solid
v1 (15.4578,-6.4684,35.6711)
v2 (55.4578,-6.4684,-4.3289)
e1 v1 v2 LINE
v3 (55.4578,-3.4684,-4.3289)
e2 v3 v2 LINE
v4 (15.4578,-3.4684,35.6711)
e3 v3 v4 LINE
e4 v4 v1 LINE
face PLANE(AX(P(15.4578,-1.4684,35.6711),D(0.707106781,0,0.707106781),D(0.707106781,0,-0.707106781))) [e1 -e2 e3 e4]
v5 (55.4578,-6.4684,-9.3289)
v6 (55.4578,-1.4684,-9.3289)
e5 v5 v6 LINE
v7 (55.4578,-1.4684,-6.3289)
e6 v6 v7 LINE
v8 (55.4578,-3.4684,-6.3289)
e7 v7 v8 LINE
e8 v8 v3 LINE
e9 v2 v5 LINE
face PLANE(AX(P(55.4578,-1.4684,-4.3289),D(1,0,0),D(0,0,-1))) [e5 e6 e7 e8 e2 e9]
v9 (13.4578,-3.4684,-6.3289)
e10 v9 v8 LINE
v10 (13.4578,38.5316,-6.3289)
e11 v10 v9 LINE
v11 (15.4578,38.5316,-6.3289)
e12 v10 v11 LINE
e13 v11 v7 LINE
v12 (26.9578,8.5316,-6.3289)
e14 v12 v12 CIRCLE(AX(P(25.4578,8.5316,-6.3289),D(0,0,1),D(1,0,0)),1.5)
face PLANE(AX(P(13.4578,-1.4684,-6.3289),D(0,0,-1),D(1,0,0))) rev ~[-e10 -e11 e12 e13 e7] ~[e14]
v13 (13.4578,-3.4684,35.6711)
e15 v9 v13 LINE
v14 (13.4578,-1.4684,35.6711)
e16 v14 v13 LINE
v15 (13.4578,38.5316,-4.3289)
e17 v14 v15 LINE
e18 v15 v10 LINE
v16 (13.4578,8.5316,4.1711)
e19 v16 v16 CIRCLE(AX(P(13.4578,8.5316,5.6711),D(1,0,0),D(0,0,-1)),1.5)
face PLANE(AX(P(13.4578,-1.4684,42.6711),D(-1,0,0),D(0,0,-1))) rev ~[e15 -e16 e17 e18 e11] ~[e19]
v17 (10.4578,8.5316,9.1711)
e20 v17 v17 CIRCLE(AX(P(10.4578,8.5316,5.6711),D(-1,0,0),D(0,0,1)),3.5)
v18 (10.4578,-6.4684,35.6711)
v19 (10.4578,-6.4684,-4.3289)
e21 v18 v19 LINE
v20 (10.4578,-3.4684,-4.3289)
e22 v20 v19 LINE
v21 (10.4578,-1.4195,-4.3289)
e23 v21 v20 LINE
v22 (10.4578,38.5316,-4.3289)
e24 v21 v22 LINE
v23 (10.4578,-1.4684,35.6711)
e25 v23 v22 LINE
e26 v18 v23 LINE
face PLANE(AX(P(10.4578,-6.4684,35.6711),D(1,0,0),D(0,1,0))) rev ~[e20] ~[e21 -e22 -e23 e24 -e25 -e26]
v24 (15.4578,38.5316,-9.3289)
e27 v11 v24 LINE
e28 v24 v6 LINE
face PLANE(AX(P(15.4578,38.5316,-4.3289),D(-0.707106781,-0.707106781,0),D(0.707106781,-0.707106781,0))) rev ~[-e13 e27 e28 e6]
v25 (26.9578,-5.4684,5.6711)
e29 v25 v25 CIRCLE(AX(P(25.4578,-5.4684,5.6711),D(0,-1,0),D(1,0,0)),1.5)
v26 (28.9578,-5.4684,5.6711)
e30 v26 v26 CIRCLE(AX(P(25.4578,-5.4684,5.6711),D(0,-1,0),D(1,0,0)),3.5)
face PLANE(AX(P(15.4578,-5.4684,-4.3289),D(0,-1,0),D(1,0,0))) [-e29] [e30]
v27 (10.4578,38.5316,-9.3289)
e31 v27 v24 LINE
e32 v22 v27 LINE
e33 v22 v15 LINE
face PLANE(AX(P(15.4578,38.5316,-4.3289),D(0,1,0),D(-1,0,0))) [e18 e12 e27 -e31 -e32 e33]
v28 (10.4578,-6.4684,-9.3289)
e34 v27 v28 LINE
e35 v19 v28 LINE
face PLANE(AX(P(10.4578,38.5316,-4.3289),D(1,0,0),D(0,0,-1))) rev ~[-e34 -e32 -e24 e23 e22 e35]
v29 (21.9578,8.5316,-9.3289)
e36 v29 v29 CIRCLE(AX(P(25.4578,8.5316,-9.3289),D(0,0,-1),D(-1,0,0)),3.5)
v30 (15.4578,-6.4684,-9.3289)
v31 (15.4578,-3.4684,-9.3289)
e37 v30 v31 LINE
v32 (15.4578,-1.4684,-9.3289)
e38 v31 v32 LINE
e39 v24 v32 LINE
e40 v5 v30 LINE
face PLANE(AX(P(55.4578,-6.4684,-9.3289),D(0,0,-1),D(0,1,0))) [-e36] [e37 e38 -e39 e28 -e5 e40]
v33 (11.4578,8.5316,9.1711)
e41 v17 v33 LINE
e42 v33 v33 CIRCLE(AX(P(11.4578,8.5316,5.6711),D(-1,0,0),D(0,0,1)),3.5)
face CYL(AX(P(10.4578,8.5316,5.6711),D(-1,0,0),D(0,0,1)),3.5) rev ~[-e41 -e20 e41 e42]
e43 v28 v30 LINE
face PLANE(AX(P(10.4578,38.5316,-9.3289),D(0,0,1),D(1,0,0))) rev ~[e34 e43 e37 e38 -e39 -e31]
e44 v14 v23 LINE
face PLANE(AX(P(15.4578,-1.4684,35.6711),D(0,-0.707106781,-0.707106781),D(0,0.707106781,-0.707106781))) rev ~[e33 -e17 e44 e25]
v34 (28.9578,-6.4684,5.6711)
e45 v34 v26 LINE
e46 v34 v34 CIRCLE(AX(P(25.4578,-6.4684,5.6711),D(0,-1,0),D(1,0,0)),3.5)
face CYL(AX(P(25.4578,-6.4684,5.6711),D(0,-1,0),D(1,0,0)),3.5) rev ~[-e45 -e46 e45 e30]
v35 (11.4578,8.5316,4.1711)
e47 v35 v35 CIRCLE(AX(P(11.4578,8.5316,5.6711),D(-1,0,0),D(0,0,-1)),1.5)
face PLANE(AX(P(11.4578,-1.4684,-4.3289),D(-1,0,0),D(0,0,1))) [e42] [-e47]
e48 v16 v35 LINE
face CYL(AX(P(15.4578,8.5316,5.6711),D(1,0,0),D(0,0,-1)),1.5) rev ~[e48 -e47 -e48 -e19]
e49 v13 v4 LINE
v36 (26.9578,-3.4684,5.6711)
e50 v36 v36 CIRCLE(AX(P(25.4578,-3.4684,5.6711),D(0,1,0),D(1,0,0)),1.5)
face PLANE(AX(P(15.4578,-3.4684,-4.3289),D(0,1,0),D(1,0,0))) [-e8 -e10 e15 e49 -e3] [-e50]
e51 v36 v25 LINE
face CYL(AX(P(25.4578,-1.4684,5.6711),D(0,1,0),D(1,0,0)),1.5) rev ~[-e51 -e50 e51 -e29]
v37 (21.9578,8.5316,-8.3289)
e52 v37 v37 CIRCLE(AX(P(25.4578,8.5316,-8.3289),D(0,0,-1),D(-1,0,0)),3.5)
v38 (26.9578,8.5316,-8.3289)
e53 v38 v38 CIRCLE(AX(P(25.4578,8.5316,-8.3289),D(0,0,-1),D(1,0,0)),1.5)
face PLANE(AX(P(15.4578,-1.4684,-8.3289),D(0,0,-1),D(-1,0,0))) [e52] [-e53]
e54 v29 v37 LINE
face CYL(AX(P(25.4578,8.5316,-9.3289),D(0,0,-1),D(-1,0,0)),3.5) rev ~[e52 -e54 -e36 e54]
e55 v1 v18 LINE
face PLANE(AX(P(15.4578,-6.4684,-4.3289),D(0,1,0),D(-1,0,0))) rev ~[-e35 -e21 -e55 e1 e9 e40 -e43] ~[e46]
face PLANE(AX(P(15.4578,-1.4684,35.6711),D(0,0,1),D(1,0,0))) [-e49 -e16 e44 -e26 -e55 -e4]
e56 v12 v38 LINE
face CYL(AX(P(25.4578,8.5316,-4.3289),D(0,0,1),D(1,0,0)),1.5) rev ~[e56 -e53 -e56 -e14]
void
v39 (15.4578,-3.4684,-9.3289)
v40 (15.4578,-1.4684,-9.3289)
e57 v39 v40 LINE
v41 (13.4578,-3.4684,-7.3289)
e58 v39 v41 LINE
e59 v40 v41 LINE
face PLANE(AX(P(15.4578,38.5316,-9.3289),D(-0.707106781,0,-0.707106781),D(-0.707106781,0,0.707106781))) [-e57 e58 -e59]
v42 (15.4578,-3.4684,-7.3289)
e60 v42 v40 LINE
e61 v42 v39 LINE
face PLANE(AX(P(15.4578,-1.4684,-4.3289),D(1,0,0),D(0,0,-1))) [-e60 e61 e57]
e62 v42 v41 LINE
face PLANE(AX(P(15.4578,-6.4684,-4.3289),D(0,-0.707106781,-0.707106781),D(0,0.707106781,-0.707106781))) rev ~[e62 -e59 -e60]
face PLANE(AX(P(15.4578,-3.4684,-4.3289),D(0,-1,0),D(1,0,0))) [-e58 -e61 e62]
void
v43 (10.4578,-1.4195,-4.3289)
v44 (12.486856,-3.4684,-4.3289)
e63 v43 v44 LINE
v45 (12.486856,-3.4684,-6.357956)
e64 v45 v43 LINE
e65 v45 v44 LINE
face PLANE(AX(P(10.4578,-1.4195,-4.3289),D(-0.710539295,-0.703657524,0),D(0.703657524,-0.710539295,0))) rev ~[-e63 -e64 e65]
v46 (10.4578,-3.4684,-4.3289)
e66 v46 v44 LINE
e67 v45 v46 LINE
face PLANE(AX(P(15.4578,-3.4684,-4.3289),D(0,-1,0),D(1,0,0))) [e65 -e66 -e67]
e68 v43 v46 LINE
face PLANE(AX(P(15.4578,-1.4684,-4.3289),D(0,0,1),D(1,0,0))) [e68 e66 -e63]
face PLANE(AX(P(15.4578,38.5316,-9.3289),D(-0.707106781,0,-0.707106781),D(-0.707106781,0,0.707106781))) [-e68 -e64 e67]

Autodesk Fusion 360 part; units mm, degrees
sketch "Sketch1" plane through (0, 0, 0) normal (0, 1, 0) x (1, 0, 0) in component "Component"
  line L0 (0, 0) -> (40, 0)
  line L1 (40, 0) -> (40, -40)
  line L2 (40, -40) -> (0, -40)
  line L3 (0, -40) -> (0, 0)
  line L4 (0, -40) -> (40, 0)
  dimension "d1" = 40
sketch "Sketch2" plane through (0, 0, 0) normal (0, 0, 1) x (1, 0, 0) in component "Component"
  line L0 (0, 0) -> (40, 0)
  line L1 (40, 0) -> (40, 40)
  line L2 (40, 40) -> (0, 40)
  line L3 (0, 40) -> (0, 0)
  line L4 (0, 40) -> (40, 0)
  circle A0 centre (10, 10) radius 1.5
  dimension "d4" = 3
sketch "Sketch3" plane through (0, 0, 0) normal (1, 0, 0) x (0, 0, -1) in component "Component"
  line L0 (0, 0) -> (-40, 0)
  line L1 (-40, 0) -> (-40, 40)
  line L2 (-40, 40) -> (0, 40)
  line L3 (0, 40) -> (0, 0)
sketch "Sketch4" plane through (0, 0, 0) normal (1, 0, 0) x (0, 0, -1) in component "Component"
  line L0 (-40, 0) -> (0, 0)
  line L1 (0, 0) -> (0, 40)
  line L2 (0, 40) -> (-40, 40)
  line L3 (-40, 40) -> (-40, 0)
  line L4 (-40, 0) -> (0, 40)
  point P0 (-40, 0)
  point P1 (0, 40)
sketch "Sketch5" plane through (0, 0, 0) normal (1, 0, 0) x (0, 0, -1) in component "Component"
  line L0 (0, 40) -> (0, 0)
  circle A0 centre (-10, 10) radius 1.5
  point P0 (-40, 40)
  dimension "d3" = 3
sketch "Sketch6" plane through (0, 0, 0) normal (0, 1, 0) x (1, 0, 0) in component "Component"
  line L0 (0, 0) -> (40, -40)
  line L1 (0, 0) -> (0, -40)
  circle A0 centre (10, -10) radius 1.5
  point P0 (40, -40)
  dimension "d2" = 3
extrude "Extrude1" add sketch "Sketch3" against normal blind 5 makes body 1 in component "Component"
extrude "Extrude2" add sketch "Sketch2" against normal blind 5 separate body contours L0 L3 L4 makes body 2 in component "Component"
extrude "Extrude3" cut sketch "Sketch4" against normal blind 12 contours L2 L3 L4 bodies 1 in component "Component"
extrude "Extrude4" cut sketch "Sketch5" against normal blind 9 bodies 1 in component "Component"
extrude "Extrude5" add sketch "Sketch1" against normal blind 5 separate body contours L0 L3 L4 makes body 3 in component "Component"
extrude "Extrude6" cut sketch "Sketch6" against normal blind 31 bodies 3 in component "Component"
sketch "Sketch7" plane through (0, 0, 0) normal (0, 0, -1) x (-1, 0, 0) in component "Component"
  line L0 (0, 0) -> (-40, 0)
  line L1 (-40, 0) -> (-40, -5)
  line L2 (-40, -5) -> (0, -5)
  line L3 (0, -5) -> (0, 0)
  line L4 (0, -5) -> (5, 0)
  line L5 (5, 0) -> (0, 0)
  line L6 (0, -5) -> (0, 0)
  line L7 (5, 0) -> (0, 0)
extrude "Extrude7" add sketch "Sketch7" against normal blind 40 contours L3 L4 L5 L6 L7 bodies 1 2 3 in component "Component"
sketch "Sketch8" plane through (0, 0, 0) normal (0, -1, 0) x (1, 0, 0) in component "Component"
  line L0 (40, 0) -> (0, 0)
  line L1 (0, 0) -> (0, -5)
  line L2 (0, -5) -> (40, -5)
  line L3 (40, -5) -> (40, 0)
  line L4 (-5, 0) -> (0, -5)
  line L5 (0, 0) -> (-5, 0)
  line L6 (0, -5) -> (0, 0)
  point P0 (-5, 0)
  point P1 (-5, 0)
extrude "Extrude8" add sketch "Sketch8" against normal blind 40 separate body contours L1 L4 L5 L6 makes body 4 in component "Component"
sketch "Sketch9" plane through (0, 0, 0) normal (1, 0, 0) x (0, 0, -1) in component "Component"
  line L0 (0, 0) -> (0, -5)
  line L1 (0, 0) -> (0, -5)
  line L2 (5, 0) -> (0, 0)
  line L3 (0, -5) -> (5, 0)
  point P0 (0, -5)
  point P1 (5, 0)
extrude "Extrude9" add sketch "Sketch9" along normal blind 40 separate body makes body 5 in component "Component"
move_face "OffsetFaces1" offset 5 1 faces at (-1.6667, 0, -1.6667) on bodies 4 in component "Component"
sketch "Sketch10" plane through (0, 0, 0) normal (0, 0, 1) x (1, 0, 0) in component "Component"
  line L0 (-5, -5) -> (0, -5)
  line L1 (0, -5) -> (0, 40)
  line L2 (0, 40) -> (-5, 40)
  line L3 (-5, 40) -> (-5, -5)
  line L4 (-5, 0.0489) -> (0, -5)
  line L5 (-5, -5) -> (-5, 0.0489)
extrude "Extrude10" cut sketch "Sketch10" against normal blind 17 contours L0 L3 L4 L5 bodies 4 in component "Component"
sketch "Sketch11" plane through (0, 0, 0) normal (1, 0, 0) x (0, 0, -1) in component "Component"
  line L0 (0, -5) -> (5, -5)
  line L1 (5, -5) -> (5, 40)
  line L2 (5, 40) -> (0, 40)
  line L3 (0, 40) -> (0, -5)
  line L4 (0, -5) -> (5, 0)
  line L5 (5, -5) -> (0, -5)
  line L6 (5, 0) -> (5, -5)
  point P0 (5, 0)
extrude "Extrude11" cut sketch "Sketch11" against normal blind 18 contours L0 L1 L4 L5 L6 bodies 4 in component "Component"
sketch "Sketch12" plane through (0, 0, 0) normal (0, 1, 0) x (1, 0, 0) in component "Component"
  line L0 (47, 2) -> (47, -47)
  line L1 (47, -47) -> (-2, -47)
  line L2 (-2, -47) -> (-2, 2)
  line L3 (-2, 2) -> (47, 2)
extrude "Extrude12" cut sketch "Sketch12" along normal blind 65 bodies 1 4 makes body 6 at (17.0332, 0, 17.0068) in component "Component"
extrude "Extrude13" cut sketch "Sketch12" against normal blind 2 bodies 4 5 6 in component "Component"
sketch "Sketch13" plane through (0, 0, -5) normal (0, 0, -1) x (-1, 0, 0) in component "Component"
  circle A0 centre (-10, 10) radius 1.5
  line L0 (-40, 0) -> (0, 0)
  line L1 (0, 0) -> (0, 40)
  line L2 (0, 40) -> (-40, 0)
  circle A1 centre (-10, 10) radius 3.5
  dimension "d33" = 7
extrude "Extrude14" cut sketch "Sketch13" against normal blind 1 contours A1 bodies 1 in component "Component"
sketch "Sketch14" plane through (-5, 0, 0) normal (-1, 0, 0) x (0, 0, 1) in component "Component"
  circle A0 centre (10, 10) radius 1.5
  line L0 (40, 0) -> (0, 40)
  line L1 (0, 40) -> (0, 0)
  line L2 (0, 0) -> (40, 0)
  circle A1 centre (10, 10) radius 3.5
  dimension "d36" = 7
extrude "Extrude15" cut sketch "Sketch14" against normal blind 1 contours A1 bodies 6 in component "Component"
sketch "Sketch15" plane through (0, -5, 0) normal (0, -1, 0) x (1, 0, 0) in component "Component"
  circle A0 centre (10, 10) radius 1.5
  line L0 (0, 40) -> (0, 0)
  line L1 (0, 0) -> (40, 0)
  line L2 (40, 0) -> (0, 40)
  circle A1 centre (10, 10) radius 3.5
  dimension "d39" = 7
extrude "Extrude16" cut sketch "Sketch15" against normal blind 1 contours A1 bodies 6 in component "Component"
sketch "Sketch16" plane through (40, 0, 0) normal (1, 0, 0) x (0, 0, -1) in component "Component"
  line L0 (2, 0) -> (2, -2)
  line L1 (2, -2) -> (0, -2)
  line L2 (0, -2) -> (0, -5)
  line L3 (0, -5) -> (5, 0)
  line L4 (5, 0) -> (2, 0)
  line L5 (0, -5) -> (5, -5)
  line L6 (5, -5) -> (5, 0)
extrude "Extrude17" add sketch "Sketch16" against normal blind 40 contours L3 L5 L6 bodies 5 1 4 6 in component "Component"
sketch "Sketch17" plane through (0, 0, 40) normal (0, 0, 1) x (1, 0, 0) in component "Component"
  line L0 (0, -2) -> (-2, -2)
  line L1 (-2, -2) -> (-2, 0)
  line L2 (-2, 0) -> (-5, 0)
  line L3 (-5, 0) -> (0, -5)
  line L4 (0, -5) -> (0, -2)
  line L5 (-5, 0) -> (0, -5)
  line L6 (-5, -5) -> (-5, 0)
  line L7 (0, -5) -> (-5, -5)
extrude "Extrude18" add sketch "Sketch17" against normal blind 40 contours L3 L5 L6 L7 bodies 5 in component "Component"
sketch "Sketch18" plane through (0, 40, 0) normal (0, 1, 0) x (-1, 0, 0) in component "Component"
  line L0 (2, -2) -> (0, -2)
  line L1 (0, -2) -> (0, -5)
  line L2 (0, -5) -> (5, 0)
  line L3 (5, 0) -> (2, 0)
  line L4 (2, 0) -> (2, -2)
  line L5 (5, 0) -> (5, -5)
  line L6 (5, -5) -> (0, -5)
  line L7 (5, 0) -> (0, -5)
extrude "Extrude19" add sketch "Sketch18" against normal blind 45 separate body contours L2 L5 L6 L7 makes body 7 in component "Component"
sketch "Sketch19" plane through (0, -5, 0) normal (0, -1, 0) x (1, 0, 0) in component "Component"
  line L0 (-5, 0) -> (-5, -5)
  line L1 (-5, -5) -> (0, -5)
  line L2 (0, -5) -> (-5, 0)
  line L3 (-5, 0) -> (0, 0)
  line L4 (0, 0) -> (0, -5)
  line L5 (0, -5) -> (-5, -5)
  line L6 (-5, -5) -> (-5, 0)
extrude "Extrude20" add sketch "Sketch19" against normal blind 3 contours L2 L3 L4 bodies 5 7 in component "Component"
component "Component" placed x (1, 0, 0) y (0, 1, 0) z (0, 0, 1) at (15.4578, -1.4684, -4.3289)
